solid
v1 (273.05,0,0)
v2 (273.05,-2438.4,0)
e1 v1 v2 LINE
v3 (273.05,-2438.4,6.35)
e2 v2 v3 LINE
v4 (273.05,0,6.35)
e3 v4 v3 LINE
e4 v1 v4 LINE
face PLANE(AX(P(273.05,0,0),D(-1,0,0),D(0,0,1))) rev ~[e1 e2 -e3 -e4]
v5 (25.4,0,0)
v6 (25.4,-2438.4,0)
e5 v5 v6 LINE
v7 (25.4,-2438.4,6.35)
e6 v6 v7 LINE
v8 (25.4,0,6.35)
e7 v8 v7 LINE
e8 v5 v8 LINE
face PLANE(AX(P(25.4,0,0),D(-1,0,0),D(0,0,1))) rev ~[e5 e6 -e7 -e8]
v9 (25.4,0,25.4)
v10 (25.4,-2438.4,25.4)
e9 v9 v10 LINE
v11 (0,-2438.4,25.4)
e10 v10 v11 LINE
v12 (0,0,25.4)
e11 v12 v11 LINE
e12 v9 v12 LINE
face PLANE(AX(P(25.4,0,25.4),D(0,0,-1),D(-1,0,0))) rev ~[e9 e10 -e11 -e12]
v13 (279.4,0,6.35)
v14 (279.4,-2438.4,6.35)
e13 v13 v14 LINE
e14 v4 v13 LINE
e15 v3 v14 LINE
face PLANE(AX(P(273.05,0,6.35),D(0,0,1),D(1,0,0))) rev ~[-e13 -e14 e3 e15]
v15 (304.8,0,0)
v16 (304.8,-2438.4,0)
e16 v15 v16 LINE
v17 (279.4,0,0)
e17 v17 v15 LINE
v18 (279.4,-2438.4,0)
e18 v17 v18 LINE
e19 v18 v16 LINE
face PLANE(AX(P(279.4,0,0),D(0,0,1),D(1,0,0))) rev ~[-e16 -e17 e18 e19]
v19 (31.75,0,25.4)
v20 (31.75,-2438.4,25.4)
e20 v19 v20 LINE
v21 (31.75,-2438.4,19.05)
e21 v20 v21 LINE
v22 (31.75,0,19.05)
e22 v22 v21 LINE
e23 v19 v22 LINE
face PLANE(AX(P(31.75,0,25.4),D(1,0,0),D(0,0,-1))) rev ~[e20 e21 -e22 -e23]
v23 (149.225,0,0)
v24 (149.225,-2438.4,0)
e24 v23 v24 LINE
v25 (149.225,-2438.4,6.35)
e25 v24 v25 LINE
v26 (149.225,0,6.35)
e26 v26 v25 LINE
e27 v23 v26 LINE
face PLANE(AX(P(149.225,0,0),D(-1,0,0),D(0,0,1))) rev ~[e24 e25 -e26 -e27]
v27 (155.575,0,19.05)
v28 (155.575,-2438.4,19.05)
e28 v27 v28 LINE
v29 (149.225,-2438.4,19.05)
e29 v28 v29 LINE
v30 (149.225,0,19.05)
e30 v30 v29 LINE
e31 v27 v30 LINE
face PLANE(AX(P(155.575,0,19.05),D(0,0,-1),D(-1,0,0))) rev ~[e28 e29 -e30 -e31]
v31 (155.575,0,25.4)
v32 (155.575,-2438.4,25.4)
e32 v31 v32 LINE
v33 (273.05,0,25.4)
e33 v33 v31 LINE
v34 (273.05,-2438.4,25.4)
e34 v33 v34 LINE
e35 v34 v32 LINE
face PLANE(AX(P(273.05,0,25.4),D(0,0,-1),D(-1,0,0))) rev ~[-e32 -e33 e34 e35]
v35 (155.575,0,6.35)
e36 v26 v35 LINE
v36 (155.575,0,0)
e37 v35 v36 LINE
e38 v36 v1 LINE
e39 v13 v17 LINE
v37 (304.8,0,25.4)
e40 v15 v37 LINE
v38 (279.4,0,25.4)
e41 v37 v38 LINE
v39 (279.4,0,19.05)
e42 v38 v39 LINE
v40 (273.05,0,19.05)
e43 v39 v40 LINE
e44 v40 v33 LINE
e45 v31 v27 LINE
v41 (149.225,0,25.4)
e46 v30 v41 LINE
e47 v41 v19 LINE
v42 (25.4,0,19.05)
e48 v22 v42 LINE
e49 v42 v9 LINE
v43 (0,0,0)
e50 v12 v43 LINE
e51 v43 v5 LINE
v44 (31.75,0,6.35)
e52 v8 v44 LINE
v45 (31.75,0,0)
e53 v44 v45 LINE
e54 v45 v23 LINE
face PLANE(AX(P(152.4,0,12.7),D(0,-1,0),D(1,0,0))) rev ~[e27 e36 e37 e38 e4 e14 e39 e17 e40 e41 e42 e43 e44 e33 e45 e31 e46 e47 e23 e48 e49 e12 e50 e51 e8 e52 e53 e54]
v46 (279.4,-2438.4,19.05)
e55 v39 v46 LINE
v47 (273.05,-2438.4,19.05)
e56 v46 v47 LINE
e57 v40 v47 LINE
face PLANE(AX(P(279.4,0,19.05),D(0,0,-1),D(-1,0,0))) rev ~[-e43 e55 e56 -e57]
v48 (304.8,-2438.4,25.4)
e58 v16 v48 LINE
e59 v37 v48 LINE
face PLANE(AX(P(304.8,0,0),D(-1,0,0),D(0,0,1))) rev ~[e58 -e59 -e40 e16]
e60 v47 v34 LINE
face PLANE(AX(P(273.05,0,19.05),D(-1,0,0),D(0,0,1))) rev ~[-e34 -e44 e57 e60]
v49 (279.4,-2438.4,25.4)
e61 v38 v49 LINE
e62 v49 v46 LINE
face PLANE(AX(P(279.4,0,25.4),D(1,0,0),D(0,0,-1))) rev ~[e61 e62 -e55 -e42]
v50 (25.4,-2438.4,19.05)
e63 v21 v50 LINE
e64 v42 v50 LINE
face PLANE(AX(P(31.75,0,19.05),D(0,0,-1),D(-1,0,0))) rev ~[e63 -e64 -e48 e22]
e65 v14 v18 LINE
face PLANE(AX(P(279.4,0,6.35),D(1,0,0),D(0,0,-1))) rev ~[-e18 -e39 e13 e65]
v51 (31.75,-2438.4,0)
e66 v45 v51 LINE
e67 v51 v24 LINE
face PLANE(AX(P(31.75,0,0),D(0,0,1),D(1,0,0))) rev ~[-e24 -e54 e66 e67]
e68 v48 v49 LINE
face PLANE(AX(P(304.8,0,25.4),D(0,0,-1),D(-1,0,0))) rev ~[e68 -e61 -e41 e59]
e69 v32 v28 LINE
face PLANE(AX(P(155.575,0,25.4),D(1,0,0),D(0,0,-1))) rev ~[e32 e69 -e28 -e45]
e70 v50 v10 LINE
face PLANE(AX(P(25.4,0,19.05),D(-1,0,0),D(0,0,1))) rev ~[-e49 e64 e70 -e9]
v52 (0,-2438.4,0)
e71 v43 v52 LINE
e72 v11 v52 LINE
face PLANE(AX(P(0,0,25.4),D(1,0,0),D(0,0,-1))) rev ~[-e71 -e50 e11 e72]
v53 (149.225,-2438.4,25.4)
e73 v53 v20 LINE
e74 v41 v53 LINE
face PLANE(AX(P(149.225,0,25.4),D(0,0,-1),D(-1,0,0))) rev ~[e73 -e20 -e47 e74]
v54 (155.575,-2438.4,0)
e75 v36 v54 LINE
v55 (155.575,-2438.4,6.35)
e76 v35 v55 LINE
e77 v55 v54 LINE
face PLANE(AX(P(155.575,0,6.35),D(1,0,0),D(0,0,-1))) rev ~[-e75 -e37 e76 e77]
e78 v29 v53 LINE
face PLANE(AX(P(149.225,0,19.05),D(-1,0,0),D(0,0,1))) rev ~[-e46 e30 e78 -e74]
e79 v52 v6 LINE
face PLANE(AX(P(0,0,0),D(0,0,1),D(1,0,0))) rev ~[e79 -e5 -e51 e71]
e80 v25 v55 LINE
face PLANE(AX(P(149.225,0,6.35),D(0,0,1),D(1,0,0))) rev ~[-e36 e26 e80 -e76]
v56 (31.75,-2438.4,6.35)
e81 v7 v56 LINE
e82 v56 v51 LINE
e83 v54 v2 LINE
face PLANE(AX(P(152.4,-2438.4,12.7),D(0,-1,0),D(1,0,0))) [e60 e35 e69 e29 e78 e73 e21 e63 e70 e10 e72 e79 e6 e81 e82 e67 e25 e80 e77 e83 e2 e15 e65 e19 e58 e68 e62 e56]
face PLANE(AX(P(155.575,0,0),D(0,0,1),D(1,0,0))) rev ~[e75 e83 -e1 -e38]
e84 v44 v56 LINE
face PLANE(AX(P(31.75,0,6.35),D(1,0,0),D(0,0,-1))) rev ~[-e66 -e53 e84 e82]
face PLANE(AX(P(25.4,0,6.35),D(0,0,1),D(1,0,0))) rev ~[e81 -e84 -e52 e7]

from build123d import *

# Parameters (mm, degrees)
F1_DEPTH = 2438.4


with BuildPart() as f1:
    # F0 (on Front) → F1 (new body)
    with BuildSketch(Plane.XZ):
        Polygon((0, 25.4), (0, 0), (25.4, 0), (25.4, 6.35), (31.75, 6.35), (31.75, 0), (149.225, 0), (149.225, 6.35), (155.575, 6.35), (155.575, 0), (273.05, 0), (273.05, 6.35), (279.4, 6.35), (279.4, 0), (304.8, 0), (304.8, 25.4), (279.4, 25.4), (279.4, 19.05), (273.05, 19.05), (273.05, 25.4), (155.575, 25.4), (155.575, 19.05), (149.225, 19.05), (149.225, 25.4), (31.75, 25.4), (31.75, 19.05), (25.4, 19.05), (25.4, 25.4), align=None)
    extrude(amount=F1_DEPTH)


solid = f1.part
